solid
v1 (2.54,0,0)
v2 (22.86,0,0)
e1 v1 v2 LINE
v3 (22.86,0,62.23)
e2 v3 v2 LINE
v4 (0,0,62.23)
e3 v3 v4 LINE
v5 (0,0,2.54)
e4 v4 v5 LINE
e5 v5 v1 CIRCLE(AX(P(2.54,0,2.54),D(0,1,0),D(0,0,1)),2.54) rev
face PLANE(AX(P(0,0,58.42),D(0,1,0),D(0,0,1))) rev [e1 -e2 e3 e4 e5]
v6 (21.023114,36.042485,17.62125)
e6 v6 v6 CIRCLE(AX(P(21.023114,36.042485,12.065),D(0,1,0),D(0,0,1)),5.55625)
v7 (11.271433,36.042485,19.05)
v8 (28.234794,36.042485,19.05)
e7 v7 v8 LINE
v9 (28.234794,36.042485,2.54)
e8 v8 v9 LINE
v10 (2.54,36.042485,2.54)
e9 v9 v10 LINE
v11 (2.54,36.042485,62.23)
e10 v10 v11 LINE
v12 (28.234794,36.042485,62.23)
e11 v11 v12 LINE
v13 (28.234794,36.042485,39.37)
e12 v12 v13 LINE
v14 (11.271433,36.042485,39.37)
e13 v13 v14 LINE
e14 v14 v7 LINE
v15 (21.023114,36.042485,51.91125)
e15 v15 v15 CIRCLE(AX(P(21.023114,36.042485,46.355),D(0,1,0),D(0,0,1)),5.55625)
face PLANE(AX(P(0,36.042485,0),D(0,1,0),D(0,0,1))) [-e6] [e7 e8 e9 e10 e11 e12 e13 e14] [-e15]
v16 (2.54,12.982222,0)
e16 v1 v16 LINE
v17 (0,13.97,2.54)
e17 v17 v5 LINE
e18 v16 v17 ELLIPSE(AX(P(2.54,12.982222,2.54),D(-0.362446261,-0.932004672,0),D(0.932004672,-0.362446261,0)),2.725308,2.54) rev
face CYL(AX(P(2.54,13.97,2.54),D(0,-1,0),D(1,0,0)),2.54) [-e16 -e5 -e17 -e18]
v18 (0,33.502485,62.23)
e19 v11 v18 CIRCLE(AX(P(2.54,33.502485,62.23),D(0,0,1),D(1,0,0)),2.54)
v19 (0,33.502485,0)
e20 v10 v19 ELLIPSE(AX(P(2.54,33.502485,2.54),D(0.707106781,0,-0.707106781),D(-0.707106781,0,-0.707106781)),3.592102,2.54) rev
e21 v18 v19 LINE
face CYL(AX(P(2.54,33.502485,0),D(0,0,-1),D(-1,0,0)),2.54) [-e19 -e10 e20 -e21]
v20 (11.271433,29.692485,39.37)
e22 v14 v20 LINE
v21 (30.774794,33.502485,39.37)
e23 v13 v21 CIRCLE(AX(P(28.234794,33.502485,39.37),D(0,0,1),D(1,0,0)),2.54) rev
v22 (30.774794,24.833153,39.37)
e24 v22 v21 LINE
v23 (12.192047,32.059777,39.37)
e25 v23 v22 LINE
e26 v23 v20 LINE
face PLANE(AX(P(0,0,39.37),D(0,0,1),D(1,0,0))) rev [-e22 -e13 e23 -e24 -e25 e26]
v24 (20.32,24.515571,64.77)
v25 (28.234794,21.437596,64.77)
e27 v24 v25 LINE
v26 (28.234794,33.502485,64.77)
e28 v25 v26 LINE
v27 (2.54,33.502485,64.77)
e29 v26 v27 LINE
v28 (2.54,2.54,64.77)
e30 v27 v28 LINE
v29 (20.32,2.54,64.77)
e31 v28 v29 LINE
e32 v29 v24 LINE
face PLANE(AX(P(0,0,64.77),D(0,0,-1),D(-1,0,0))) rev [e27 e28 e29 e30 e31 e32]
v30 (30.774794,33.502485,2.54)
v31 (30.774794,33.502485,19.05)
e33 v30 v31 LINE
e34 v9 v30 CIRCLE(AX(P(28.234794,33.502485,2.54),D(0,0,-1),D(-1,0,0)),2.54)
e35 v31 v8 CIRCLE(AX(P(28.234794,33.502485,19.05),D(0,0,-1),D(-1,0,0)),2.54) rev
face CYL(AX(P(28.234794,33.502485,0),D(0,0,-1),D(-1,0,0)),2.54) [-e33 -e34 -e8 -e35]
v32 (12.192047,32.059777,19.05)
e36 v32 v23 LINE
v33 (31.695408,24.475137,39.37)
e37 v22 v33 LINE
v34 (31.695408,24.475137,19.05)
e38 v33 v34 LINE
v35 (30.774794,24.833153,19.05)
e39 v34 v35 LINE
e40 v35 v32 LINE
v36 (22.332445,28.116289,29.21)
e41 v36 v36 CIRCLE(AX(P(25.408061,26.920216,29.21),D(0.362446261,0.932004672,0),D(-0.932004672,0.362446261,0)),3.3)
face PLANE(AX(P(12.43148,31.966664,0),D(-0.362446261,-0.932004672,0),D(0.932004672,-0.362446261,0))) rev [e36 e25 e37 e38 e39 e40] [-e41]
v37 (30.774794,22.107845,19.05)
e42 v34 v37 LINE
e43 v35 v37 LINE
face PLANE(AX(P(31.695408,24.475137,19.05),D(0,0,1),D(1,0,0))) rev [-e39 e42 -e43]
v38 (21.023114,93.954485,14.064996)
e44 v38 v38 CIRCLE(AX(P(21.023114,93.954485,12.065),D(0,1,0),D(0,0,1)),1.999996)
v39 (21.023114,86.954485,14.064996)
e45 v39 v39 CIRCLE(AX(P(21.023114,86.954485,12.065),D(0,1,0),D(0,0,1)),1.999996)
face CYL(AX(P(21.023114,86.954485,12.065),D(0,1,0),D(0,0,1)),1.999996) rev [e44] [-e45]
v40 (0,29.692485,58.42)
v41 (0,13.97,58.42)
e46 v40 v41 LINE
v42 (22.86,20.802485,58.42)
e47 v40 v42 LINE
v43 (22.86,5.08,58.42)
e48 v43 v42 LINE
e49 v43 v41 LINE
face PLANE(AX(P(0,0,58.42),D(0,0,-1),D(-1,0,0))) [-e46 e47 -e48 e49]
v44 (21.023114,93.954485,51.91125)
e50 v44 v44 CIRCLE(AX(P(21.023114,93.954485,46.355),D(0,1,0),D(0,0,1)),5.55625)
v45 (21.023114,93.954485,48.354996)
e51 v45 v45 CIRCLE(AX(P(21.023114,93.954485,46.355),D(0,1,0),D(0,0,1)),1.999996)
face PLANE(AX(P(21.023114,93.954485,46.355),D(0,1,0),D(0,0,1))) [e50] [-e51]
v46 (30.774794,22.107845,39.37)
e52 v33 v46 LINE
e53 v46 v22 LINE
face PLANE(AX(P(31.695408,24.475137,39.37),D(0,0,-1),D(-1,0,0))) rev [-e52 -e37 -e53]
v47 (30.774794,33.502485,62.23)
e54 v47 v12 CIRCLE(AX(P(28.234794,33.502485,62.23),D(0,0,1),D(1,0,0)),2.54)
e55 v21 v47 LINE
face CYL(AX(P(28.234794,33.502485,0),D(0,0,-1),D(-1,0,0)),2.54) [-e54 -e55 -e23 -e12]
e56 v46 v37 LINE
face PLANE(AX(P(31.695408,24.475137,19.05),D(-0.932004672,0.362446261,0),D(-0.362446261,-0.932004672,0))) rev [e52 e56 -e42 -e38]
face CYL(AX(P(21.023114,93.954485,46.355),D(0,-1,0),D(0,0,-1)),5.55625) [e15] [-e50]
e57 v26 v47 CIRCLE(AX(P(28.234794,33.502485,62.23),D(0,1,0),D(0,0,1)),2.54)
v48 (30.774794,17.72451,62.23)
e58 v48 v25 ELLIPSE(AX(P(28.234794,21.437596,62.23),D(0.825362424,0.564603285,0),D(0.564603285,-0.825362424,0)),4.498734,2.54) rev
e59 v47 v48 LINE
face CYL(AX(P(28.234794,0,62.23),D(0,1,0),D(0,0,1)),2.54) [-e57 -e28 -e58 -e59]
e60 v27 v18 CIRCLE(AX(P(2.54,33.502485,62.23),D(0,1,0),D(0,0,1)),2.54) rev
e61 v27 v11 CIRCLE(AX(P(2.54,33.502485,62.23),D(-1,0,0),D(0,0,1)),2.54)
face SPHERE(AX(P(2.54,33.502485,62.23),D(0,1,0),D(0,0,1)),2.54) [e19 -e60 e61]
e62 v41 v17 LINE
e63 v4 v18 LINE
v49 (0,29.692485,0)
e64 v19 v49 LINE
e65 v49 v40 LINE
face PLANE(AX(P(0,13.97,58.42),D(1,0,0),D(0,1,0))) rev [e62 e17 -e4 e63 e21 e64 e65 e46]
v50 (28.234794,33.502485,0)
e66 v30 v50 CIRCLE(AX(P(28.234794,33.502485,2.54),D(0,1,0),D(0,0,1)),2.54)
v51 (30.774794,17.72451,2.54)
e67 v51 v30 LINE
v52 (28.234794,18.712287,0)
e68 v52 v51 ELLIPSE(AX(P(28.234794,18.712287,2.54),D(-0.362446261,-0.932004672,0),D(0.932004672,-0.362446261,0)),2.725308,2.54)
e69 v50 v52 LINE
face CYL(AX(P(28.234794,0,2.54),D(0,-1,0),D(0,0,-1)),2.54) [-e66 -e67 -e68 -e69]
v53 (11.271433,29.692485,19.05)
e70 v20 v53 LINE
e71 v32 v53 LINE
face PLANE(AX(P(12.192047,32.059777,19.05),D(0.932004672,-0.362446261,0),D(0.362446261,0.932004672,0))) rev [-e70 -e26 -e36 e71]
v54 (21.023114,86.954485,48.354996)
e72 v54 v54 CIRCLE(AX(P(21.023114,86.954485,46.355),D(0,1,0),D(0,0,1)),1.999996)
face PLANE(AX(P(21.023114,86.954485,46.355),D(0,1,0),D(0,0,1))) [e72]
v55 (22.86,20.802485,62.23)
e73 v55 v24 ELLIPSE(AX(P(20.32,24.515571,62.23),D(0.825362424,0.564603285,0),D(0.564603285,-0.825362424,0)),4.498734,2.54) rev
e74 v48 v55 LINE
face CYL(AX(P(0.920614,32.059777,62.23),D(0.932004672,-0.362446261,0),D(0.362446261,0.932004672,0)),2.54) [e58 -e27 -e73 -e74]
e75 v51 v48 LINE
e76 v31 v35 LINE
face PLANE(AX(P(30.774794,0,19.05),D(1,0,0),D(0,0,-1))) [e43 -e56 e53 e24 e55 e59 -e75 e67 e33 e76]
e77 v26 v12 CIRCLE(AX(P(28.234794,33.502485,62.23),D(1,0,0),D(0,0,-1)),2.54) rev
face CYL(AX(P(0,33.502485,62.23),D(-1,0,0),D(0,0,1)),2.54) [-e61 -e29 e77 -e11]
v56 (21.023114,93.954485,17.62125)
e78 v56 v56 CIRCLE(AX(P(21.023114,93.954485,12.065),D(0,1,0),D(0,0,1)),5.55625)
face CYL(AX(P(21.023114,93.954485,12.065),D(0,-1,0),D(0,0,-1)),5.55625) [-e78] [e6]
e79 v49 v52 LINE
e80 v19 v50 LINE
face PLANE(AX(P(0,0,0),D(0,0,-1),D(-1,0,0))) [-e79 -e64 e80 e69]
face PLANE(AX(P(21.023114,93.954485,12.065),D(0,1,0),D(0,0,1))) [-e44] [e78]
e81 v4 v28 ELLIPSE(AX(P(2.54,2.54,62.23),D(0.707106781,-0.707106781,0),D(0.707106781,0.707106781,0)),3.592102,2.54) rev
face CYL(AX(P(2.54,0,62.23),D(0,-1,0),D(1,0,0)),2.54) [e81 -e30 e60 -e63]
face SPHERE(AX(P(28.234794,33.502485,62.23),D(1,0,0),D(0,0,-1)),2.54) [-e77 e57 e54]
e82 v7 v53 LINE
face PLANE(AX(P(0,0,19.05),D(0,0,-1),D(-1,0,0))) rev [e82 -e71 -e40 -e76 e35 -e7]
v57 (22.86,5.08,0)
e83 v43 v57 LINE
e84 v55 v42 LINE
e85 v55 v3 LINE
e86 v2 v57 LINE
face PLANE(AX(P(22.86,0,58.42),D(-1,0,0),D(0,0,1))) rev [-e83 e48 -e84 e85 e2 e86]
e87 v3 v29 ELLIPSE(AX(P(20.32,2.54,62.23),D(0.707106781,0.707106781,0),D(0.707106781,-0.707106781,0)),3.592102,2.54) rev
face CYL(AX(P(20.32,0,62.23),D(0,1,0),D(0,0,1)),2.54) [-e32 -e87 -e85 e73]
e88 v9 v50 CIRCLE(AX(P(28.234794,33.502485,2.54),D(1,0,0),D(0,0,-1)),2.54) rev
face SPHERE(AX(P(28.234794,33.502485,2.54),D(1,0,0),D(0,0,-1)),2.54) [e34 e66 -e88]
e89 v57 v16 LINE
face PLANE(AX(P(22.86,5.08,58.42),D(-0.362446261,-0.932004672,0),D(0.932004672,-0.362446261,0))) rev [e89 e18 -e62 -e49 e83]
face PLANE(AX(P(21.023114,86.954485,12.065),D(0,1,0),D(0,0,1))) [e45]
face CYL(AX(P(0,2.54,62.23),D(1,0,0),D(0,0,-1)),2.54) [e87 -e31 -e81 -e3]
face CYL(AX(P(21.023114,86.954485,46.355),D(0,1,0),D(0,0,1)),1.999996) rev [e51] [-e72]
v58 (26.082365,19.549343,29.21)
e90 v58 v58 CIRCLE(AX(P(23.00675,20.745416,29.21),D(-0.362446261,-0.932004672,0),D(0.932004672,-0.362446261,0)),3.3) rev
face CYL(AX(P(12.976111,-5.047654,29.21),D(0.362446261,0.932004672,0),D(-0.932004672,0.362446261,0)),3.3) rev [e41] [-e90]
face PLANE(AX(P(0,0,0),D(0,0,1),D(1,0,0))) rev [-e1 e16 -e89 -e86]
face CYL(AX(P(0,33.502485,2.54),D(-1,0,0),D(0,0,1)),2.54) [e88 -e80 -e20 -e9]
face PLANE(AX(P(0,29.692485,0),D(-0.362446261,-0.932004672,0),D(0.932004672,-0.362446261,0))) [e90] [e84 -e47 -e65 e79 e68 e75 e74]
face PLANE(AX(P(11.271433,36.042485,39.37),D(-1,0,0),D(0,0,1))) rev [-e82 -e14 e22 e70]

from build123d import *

# Parameters (mm, degrees)
BOSS_EXTRUDE1_DEPTH  = 58.42
SKETCH2_W            = 22.86
SKETCH2_H            = 29.69248518
BOSS_EXTRUDE2_DEPTH  = 6.35
BOSS_EXTRUDE3_DEPTH  = 58.42
CUT_EXTRUDE1_DEPTH   = 58.42
BOSS_EXTRUDE5_DEPTH  = 19.05
BOSS_EXTRUDE6_DEPTH  = 19.05
SKETCH8_R            = 3.3
CUT_EXTRUDE2_DEPTH   = 4.085289
SKETCH9_R            = 5.55625
BOSS_EXTRUDE7_DEPTH  = 64.262
SKETCH11_R           = 1.999996
CUT_EXTRUDE3_DEPTH   = 6.99999997
BOSS_EXTRUDE8_DEPTH  = 6.35
BOSS_EXTRUDE9_DEPTH  = 6.35
FILLET3_R            = 2.54
BOSS_EXTRUDE10_START = 2.54
SKETCH15_W           = 20.926247949
SKETCH15_H           = 20.32
SKETCH15_R           = 3.3
BOSS_EXTRUDE10_DEPTH = 2.54


with BuildPart() as part:
    # Sketch1 → Boss-Extrude1 (new body)
    with BuildSketch(Plane.XY):
        Polygon((0, 0), (22.86, 0), (22.86, 5.08), (0, 13.97), align=None)
    extrude(amount=BOSS_EXTRUDE1_DEPTH)

    # Sketch2 → Boss-Extrude2 (add)
    with BuildSketch(Plane.XY.offset(58.42)):
        with Locations((11.43, 14.84624259)):
            Rectangle(SKETCH2_W, SKETCH2_H)
    extrude(amount=BOSS_EXTRUDE2_DEPTH)

    # Sketch3 → Boss-Extrude3 (add)
    with BuildSketch(Plane(origin=(0, 0, 58.42), x_dir=(-1, 0, 0), z_dir=(0, 0, -1))):
        Polygon((-22.86, 29.69248518), (0, 29.69248518), (-30.774794254, 17.724509637), (-30.774794254, 29.69248518), align=None)
    extrude(amount=BOSS_EXTRUDE3_DEPTH)

    # Sketch5 → Cut-Extrude1 (cut)
    with BuildSketch(Plane(origin=(0, 0, 0), x_dir=(-1, 0, 0), z_dir=(0, 0, -1))):
        Polygon((-30.774794254, 22.107844851), (-11.271433408, 29.69248518), (-30.774794254, 29.69248518), align=None)
    extrude(amount=-CUT_EXTRUDE1_DEPTH, mode=Mode.SUBTRACT)

    # Sketch7 → Boss-Extrude6 (add)
    with BuildSketch(Plane.XY.offset(58.42)):
        Polygon((30.774794254, 22.107844851), (30.774794254, 29.69248518), (11.271433408, 29.69248518), align=None)
    extrude(amount=-BOSS_EXTRUDE6_DEPTH)

    # Sketch8 → Cut-Extrude2 (cut)
    with BuildSketch(Plane(origin=(11.510866943, 29.599372139, 0), x_dir=(0.9320046715412958, -0.36244626115494866, 0), z_dir=(0.36244626115494866, 0.9320046715412958, 0))):
        with Locations(Location((13.92329977, -29.21, 0), (0, 0, 180))):
            Circle(SKETCH8_R)
    extrude(amount=-CUT_EXTRUDE2_DEPTH, mode=Mode.SUBTRACT)



with BuildPart() as body_2:
    # Sketch6 → Boss-Extrude5 (new body)
    with BuildSketch(Plane(origin=(0, 0, 0), x_dir=(-1, 0, 0), z_dir=(0, 0, -1))):
        Polygon((-30.774794254, 29.69248518), (-30.774794254, 22.107844851), (-11.271433408, 29.69248518), align=None)
    extrude(amount=-BOSS_EXTRUDE5_DEPTH)


with BuildPart() as part_1:
    add(part.part)

    add(body_2.part)  # Boss-Extrude7 merges body 2
    # Sketch9 → Boss-Extrude7 (add)
    with BuildSketch(Plane(origin=(0, 29.69248518, 0), x_dir=(1, 0, 0), z_dir=(0, 1, 0))):
        with Locations(Location((21.023113831, -12.065, 0), (0, 0, 270))):
            Circle(SKETCH9_R)
        with Locations(Location((21.023113831, -46.355, 0), (0, 0, 270))):
            Circle(SKETCH9_R)
    extrude(amount=BOSS_EXTRUDE7_DEPTH)

    # Sketch11 → Cut-Extrude3 (cut)
    with BuildSketch(Plane(origin=(0, 93.95448518, 0), x_dir=(1, 0, 0), z_dir=(0, 1, 0))):
        with Locations(Location((21.023113831, -12.065, 0), (0, 0, 270))):
            Circle(SKETCH11_R)
        with Locations(Location((21.023113831, -46.355, 0), (0, 0, 270))):
            Circle(SKETCH11_R)
    extrude(amount=-CUT_EXTRUDE3_DEPTH, mode=Mode.SUBTRACT)

    # Sketch12 → Boss-Extrude8 (add)
    with BuildSketch(Plane.XY.offset(58.42)):
        Polygon((22.86, 29.69248518), (30.774794254, 29.69248518), (30.774794254, 17.724509637), (22.86, 20.80248518), align=None)
    extrude(amount=BOSS_EXTRUDE8_DEPTH)

    # Sketch14 → Boss-Extrude9 (add)
    with BuildSketch(Plane(origin=(0, 29.69248518, 0), x_dir=(1, 0, 0), z_dir=(0, 1, 0))):
        Polygon((0, 0), (0, -64.77), (30.774794254, -64.77), (30.774794254, -39.37), (11.271433408, -39.37), (11.271433408, -19.05), (30.774794254, -19.05), (30.774794254, 0), align=None)
    extrude(amount=BOSS_EXTRUDE9_DEPTH)

    # Fillet3
    fillet3_edges = [part_1.edges().sort_by_distance(p)[0] for p in [
        (0, 18.02124259, 64.77),
        (15.387397127, 36.04248518, 64.77),
        (30.774794254, 26.883497409, 0),
        (30.774794254, 26.883497409, 64.77),
        (26.817397127, 19.263497409, 64.77),
        (22.86, 10.40124259, 64.77),
        (11.43, 0, 64.77),
        (0, 6.985, 0),
        (15.387397127, 36.04248518, 0),
        (0, 36.04248518, 32.385),
        (30.774794254, 36.04248518, 52.07),
        (30.774794254, 36.04248518, 9.525),
    ]]
    fillet(fillet3_edges, radius=FILLET3_R)

    # Sketch15 → Boss-Extrude10 (add)
    with BuildSketch(Plane(origin=(11.510866943, 29.599372139, 0), x_dir=(0.9320046715412958, -0.3624462611549486, 0), z_dir=(0.3624462611549486, 0.9320046715412958, 0)).offset(BOSS_EXTRUDE10_START)):
        with Locations((10.206222328, -29.21)):
            Rectangle(SKETCH15_W, SKETCH15_H)
        with Locations(Location((13.92329977, -29.21, 0), (0, 0, 180))):
            Circle(SKETCH15_R, mode=Mode.SUBTRACT)
    extrude(amount=-BOSS_EXTRUDE10_DEPTH)


solid = part_1.part
